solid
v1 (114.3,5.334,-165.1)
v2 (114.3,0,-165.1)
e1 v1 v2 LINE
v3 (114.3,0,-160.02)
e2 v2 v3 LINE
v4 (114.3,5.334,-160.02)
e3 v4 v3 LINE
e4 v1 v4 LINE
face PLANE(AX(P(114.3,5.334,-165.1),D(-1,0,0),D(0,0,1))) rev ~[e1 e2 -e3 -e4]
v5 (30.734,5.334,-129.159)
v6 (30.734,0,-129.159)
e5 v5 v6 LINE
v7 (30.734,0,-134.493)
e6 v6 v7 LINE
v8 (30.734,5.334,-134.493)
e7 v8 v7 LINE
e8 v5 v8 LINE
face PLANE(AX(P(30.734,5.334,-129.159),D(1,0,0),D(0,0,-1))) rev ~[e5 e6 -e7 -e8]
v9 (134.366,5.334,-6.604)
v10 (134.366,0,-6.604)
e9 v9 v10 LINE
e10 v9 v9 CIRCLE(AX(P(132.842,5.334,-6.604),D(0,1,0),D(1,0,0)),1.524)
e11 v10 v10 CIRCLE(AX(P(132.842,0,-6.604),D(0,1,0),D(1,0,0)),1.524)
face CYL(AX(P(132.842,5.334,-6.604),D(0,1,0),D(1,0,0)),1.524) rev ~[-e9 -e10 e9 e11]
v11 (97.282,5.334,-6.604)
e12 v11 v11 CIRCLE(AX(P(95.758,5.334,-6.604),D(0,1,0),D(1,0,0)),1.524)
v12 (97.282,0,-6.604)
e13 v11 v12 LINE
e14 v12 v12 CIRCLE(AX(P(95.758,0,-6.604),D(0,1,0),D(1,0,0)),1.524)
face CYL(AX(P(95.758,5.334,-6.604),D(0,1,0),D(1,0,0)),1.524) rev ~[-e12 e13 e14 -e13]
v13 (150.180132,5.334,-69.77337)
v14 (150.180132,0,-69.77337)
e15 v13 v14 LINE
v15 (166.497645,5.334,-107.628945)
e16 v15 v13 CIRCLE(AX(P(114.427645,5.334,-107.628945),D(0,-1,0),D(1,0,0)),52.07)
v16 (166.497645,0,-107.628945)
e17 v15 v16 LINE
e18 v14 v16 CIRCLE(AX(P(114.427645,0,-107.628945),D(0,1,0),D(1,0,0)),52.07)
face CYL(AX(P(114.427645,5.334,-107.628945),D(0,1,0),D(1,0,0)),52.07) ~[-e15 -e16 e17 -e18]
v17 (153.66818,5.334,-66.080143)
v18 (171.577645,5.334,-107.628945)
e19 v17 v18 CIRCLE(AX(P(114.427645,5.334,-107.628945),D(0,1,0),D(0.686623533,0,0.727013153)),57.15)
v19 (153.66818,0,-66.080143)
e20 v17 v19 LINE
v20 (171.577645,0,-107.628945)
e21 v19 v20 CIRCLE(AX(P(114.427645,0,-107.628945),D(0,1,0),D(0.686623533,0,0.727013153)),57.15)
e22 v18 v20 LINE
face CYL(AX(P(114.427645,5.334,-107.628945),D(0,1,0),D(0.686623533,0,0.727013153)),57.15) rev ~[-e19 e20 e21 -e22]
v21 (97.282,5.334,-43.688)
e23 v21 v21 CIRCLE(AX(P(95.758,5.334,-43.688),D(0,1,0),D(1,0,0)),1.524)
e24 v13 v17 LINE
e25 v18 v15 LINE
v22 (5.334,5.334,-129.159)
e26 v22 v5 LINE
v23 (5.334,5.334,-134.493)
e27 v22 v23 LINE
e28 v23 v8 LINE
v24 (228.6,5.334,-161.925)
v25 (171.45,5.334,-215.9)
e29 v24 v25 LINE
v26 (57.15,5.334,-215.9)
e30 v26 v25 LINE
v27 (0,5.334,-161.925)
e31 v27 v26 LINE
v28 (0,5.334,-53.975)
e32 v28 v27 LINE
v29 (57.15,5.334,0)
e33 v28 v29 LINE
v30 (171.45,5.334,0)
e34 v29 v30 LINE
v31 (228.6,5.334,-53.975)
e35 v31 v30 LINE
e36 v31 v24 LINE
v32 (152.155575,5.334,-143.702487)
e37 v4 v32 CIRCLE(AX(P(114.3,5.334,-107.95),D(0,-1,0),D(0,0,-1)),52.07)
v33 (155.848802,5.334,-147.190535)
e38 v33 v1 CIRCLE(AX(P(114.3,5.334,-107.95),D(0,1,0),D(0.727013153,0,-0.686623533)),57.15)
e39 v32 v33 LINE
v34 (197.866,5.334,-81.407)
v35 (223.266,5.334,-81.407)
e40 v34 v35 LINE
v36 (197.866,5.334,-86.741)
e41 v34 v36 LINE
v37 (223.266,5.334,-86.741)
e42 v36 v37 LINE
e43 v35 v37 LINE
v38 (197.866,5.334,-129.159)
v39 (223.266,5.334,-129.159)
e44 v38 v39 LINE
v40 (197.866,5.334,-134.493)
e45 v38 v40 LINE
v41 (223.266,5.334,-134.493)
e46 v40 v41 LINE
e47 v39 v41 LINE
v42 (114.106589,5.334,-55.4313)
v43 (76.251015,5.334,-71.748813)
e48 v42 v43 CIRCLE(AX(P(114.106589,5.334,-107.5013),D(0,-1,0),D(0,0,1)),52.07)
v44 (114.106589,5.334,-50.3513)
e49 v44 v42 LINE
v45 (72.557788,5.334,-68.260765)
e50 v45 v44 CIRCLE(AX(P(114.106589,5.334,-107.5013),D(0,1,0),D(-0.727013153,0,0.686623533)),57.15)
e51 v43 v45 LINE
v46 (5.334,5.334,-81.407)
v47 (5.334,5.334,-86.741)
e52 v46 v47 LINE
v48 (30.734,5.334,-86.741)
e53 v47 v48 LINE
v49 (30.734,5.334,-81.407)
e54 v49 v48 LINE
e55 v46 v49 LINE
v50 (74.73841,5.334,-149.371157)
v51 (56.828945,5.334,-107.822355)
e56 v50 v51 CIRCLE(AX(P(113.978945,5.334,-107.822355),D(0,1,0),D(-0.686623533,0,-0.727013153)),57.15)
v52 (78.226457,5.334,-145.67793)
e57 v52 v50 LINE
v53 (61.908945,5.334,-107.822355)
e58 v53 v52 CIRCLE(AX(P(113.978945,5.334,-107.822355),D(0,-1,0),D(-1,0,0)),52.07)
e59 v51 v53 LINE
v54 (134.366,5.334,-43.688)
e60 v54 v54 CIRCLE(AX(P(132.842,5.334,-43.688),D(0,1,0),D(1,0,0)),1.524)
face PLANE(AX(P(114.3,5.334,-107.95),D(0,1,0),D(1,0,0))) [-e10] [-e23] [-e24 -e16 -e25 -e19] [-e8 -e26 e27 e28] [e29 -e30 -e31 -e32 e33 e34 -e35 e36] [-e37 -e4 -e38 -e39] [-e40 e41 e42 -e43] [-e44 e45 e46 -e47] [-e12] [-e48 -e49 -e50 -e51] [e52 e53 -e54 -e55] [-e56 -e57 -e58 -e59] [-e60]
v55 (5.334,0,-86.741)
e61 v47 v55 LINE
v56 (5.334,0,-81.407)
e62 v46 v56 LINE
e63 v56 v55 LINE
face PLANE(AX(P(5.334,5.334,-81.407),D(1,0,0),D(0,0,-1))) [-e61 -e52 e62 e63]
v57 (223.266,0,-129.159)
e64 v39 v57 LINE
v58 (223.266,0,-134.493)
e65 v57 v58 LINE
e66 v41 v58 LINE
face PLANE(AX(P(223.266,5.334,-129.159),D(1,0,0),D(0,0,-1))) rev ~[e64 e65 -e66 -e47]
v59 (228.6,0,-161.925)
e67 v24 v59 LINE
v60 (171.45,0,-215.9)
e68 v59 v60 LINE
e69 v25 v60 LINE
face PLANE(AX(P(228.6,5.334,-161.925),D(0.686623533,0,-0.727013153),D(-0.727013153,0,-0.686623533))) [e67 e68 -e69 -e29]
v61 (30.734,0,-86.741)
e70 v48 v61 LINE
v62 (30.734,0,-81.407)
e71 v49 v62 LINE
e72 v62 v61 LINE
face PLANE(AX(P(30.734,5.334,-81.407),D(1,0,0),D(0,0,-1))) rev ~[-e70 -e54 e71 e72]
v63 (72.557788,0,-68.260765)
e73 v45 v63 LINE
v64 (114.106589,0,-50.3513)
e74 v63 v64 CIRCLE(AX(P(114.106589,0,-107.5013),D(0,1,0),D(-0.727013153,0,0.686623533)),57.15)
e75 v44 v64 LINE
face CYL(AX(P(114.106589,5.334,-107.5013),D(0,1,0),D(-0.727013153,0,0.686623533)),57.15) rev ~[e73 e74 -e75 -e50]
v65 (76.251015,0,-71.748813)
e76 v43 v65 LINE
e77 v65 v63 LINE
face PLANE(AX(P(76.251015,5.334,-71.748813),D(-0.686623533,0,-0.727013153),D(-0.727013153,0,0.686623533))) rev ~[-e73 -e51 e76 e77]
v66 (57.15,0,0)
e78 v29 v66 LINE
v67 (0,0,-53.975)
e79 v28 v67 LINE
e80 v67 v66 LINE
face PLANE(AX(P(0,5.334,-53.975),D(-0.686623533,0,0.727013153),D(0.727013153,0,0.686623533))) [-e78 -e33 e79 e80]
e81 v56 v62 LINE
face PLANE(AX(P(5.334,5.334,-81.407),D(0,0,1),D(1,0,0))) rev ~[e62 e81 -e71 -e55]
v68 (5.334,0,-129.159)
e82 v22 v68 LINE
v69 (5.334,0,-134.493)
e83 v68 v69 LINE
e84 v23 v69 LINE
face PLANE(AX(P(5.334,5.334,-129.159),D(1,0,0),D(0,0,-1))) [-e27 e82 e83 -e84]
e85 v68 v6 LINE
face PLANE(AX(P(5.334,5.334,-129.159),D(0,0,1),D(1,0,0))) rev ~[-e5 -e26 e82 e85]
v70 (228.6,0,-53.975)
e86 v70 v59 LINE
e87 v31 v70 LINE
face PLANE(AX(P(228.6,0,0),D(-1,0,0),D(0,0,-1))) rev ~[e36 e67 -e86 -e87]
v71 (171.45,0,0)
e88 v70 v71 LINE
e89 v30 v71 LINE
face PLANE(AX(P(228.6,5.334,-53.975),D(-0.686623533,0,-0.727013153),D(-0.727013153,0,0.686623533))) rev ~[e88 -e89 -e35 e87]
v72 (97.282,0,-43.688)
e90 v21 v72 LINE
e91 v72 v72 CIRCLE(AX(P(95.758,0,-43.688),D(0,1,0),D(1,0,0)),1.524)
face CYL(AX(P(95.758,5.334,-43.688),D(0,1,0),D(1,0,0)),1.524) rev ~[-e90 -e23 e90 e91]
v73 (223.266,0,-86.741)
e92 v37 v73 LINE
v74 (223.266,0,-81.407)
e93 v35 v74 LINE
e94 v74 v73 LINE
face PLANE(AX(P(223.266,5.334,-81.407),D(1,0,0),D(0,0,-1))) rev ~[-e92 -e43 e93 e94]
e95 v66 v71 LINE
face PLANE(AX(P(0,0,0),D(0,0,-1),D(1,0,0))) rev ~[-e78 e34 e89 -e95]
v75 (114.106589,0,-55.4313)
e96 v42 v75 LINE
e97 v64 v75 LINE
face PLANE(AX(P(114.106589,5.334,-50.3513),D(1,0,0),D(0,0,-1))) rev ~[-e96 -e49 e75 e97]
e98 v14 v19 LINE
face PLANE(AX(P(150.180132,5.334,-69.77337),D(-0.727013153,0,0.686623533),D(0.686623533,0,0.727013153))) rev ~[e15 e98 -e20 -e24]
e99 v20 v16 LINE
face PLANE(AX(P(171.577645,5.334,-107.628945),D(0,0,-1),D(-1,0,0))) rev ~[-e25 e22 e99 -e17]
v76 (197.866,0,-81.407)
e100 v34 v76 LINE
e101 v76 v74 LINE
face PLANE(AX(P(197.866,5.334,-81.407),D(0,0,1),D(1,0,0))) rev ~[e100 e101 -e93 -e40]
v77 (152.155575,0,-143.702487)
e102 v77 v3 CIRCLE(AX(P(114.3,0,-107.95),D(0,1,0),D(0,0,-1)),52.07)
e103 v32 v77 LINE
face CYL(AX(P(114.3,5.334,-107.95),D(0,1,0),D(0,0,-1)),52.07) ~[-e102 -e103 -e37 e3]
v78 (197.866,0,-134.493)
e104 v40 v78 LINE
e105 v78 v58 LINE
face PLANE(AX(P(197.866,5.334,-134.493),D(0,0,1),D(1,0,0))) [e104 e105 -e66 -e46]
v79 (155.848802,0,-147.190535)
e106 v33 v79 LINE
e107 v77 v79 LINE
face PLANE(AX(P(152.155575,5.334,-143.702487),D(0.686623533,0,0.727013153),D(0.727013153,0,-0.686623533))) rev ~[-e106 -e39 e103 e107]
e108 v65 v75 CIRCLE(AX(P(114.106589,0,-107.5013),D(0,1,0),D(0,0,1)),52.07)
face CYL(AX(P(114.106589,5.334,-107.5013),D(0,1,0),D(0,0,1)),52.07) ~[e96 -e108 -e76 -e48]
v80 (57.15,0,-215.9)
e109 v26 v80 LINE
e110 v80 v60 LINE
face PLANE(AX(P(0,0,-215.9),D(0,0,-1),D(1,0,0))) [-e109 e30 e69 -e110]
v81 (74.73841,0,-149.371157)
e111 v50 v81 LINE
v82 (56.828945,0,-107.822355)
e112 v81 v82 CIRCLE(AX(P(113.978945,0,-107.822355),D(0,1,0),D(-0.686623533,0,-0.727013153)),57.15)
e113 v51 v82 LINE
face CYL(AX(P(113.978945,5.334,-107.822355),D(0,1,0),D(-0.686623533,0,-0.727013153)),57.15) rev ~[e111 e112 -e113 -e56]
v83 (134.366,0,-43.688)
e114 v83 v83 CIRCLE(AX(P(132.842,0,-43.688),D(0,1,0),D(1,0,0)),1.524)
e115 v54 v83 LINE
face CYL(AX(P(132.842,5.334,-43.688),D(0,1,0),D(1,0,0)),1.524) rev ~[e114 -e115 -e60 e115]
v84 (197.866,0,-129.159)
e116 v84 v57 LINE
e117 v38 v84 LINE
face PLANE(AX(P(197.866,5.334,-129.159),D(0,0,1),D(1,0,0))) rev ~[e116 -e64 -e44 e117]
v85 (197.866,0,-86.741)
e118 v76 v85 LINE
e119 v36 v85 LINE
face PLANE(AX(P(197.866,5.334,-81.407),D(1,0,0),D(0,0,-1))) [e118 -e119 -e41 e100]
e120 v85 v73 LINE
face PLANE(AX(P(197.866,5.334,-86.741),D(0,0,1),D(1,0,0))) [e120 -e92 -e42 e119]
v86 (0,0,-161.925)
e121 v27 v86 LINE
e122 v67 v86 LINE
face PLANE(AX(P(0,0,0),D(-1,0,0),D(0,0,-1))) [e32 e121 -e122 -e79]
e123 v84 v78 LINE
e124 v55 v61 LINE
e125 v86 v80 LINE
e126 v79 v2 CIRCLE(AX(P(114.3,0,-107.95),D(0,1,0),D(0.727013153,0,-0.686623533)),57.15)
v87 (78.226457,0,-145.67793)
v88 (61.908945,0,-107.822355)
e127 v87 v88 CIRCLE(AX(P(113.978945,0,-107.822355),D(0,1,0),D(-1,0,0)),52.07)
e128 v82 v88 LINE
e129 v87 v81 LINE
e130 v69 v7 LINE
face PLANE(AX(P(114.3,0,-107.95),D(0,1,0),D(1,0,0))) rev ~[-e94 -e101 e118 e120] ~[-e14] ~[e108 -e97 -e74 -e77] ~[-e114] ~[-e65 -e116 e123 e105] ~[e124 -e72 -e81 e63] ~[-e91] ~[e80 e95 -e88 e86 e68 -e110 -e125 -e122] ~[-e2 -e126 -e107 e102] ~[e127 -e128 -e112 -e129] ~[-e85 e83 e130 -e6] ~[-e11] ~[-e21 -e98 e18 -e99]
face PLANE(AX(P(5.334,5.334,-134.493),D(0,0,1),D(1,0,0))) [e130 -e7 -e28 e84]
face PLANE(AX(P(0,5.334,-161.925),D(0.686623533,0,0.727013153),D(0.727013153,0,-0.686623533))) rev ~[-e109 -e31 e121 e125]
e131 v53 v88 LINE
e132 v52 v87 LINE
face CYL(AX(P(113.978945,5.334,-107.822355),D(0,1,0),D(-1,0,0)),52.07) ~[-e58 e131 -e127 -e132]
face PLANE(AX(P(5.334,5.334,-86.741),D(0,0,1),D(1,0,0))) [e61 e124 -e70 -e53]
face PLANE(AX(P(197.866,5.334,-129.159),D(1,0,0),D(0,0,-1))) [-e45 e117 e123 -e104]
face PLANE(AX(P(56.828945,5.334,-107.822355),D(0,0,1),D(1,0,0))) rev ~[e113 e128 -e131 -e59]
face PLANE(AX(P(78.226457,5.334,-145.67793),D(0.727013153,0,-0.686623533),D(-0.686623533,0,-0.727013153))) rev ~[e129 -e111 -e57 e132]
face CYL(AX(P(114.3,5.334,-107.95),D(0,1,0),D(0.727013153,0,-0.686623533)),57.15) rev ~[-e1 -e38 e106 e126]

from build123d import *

# Parameters (mm, degrees)
SKETCH1_W           = 228.6
SKETCH1_H           = 215.9
BOSS_EXTRUDE1_DEPTH = 5.334
CUT_EXTRUDE1_DEPTH  = 6.334
CIRPATTERN1_COUNT   = 4
SKETCH8_W           = 25.4
SKETCH8_H           = 5.334
CUT_EXTRUDE2_DEPTH  = 6.334
SKETCH11_R          = 1.524
CUT_EXTRUDE4_DEPTH  = 6.334
CUT_EXTRUDE5_DEPTH  = 6.334


with BuildPart() as part:
    # Sketch1 → Boss-Extrude1 (new body)
    with BuildSketch(Plane(origin=(0, 0, 0), x_dir=(1, 0, 0), z_dir=(0, 1, 0))):
        with Locations((114.3, 107.95)):
            Rectangle(SKETCH1_W, SKETCH1_H)
    extrude(amount=BOSS_EXTRUDE1_DEPTH)

    # Sketch6 → Cut-Extrude1 (cut, through all)
    with BuildSketch(Plane(origin=(0, 5.334, 0), x_dir=(1, 0, 0), z_dir=(0, 1, 0))):
        with BuildLine():
            Line((114.3, 165.1), (114.3, 160.02))
            ThreePointArc((114.3, 160.02), (134.911318287, 155.766926485), (152.155574853, 143.702487361))
            Line((152.155574853, 143.702487361), (155.848801668, 147.190534909))
            ThreePointArc((155.848801668, 147.190534909), (136.922178608, 160.431992483), (114.3, 165.1))
        make_face()
    cut_extrude1 = extrude(amount=-CUT_EXTRUDE1_DEPTH, mode=Mode.SUBTRACT)

    # CirPattern1: Cut-Extrude1 ×4 about axis
    cirpattern1_axis = Axis((114.20329472, 0, -107.72565), (0, 1, 0))
    for i in range(1, CIRPATTERN1_COUNT):
        add(cut_extrude1.rotate(cirpattern1_axis, i * 360 / CIRPATTERN1_COUNT), mode=Mode.SUBTRACT)

    # Sketch8 → Cut-Extrude2 (cut, through all)
    with BuildSketch(Plane(origin=(0, 5.334, 0), x_dir=(1, 0, 0), z_dir=(0, 1, 0))):
        with Locations((18.034, 131.826)):
            Rectangle(SKETCH8_W, SKETCH8_H)
        with Locations((210.566, 131.826)):
            Rectangle(SKETCH8_W, SKETCH8_H)
        with Locations((210.566, 84.074)):
            Rectangle(SKETCH8_W, SKETCH8_H)
        with Locations((18.034, 84.074)):
            Rectangle(SKETCH8_W, SKETCH8_H)
    extrude(amount=-CUT_EXTRUDE2_DEPTH, mode=Mode.SUBTRACT)

    # Sketch11 → Cut-Extrude4 (cut, through all)
    with BuildSketch(Plane(origin=(0, 5.334, 0), x_dir=(1, 0, 0), z_dir=(0, 1, 0))):
        with Locations((95.758, 6.604)):
            Circle(SKETCH11_R)
        with Locations((132.842, 6.604)):
            Circle(SKETCH11_R)
        with Locations((132.842, 43.688)):
            Circle(SKETCH11_R)
        with Locations((95.758, 43.688)):
            Circle(SKETCH11_R)
    extrude(amount=-CUT_EXTRUDE4_DEPTH, mode=Mode.SUBTRACT)

    # Sketch13 → Cut-Extrude5 (cut, through all)
    with BuildSketch(Plane(origin=(0, 5.334, 0), x_dir=(1, 0, 0), z_dir=(0, 1, 0))):
        Polygon((0, 215.9), (0, 161.925), (57.15, 215.9), align=None)
        Polygon((228.6, 161.925), (171.45, 215.9), (228.6, 215.9), align=None)
        Polygon((228.6, 0), (228.6, 53.975), (171.45, 0), align=None)
        Polygon((0, 53.975), (57.15, 0), (0, 0), align=None)
    extrude(amount=-CUT_EXTRUDE5_DEPTH, mode=Mode.SUBTRACT)


solid = part.part
